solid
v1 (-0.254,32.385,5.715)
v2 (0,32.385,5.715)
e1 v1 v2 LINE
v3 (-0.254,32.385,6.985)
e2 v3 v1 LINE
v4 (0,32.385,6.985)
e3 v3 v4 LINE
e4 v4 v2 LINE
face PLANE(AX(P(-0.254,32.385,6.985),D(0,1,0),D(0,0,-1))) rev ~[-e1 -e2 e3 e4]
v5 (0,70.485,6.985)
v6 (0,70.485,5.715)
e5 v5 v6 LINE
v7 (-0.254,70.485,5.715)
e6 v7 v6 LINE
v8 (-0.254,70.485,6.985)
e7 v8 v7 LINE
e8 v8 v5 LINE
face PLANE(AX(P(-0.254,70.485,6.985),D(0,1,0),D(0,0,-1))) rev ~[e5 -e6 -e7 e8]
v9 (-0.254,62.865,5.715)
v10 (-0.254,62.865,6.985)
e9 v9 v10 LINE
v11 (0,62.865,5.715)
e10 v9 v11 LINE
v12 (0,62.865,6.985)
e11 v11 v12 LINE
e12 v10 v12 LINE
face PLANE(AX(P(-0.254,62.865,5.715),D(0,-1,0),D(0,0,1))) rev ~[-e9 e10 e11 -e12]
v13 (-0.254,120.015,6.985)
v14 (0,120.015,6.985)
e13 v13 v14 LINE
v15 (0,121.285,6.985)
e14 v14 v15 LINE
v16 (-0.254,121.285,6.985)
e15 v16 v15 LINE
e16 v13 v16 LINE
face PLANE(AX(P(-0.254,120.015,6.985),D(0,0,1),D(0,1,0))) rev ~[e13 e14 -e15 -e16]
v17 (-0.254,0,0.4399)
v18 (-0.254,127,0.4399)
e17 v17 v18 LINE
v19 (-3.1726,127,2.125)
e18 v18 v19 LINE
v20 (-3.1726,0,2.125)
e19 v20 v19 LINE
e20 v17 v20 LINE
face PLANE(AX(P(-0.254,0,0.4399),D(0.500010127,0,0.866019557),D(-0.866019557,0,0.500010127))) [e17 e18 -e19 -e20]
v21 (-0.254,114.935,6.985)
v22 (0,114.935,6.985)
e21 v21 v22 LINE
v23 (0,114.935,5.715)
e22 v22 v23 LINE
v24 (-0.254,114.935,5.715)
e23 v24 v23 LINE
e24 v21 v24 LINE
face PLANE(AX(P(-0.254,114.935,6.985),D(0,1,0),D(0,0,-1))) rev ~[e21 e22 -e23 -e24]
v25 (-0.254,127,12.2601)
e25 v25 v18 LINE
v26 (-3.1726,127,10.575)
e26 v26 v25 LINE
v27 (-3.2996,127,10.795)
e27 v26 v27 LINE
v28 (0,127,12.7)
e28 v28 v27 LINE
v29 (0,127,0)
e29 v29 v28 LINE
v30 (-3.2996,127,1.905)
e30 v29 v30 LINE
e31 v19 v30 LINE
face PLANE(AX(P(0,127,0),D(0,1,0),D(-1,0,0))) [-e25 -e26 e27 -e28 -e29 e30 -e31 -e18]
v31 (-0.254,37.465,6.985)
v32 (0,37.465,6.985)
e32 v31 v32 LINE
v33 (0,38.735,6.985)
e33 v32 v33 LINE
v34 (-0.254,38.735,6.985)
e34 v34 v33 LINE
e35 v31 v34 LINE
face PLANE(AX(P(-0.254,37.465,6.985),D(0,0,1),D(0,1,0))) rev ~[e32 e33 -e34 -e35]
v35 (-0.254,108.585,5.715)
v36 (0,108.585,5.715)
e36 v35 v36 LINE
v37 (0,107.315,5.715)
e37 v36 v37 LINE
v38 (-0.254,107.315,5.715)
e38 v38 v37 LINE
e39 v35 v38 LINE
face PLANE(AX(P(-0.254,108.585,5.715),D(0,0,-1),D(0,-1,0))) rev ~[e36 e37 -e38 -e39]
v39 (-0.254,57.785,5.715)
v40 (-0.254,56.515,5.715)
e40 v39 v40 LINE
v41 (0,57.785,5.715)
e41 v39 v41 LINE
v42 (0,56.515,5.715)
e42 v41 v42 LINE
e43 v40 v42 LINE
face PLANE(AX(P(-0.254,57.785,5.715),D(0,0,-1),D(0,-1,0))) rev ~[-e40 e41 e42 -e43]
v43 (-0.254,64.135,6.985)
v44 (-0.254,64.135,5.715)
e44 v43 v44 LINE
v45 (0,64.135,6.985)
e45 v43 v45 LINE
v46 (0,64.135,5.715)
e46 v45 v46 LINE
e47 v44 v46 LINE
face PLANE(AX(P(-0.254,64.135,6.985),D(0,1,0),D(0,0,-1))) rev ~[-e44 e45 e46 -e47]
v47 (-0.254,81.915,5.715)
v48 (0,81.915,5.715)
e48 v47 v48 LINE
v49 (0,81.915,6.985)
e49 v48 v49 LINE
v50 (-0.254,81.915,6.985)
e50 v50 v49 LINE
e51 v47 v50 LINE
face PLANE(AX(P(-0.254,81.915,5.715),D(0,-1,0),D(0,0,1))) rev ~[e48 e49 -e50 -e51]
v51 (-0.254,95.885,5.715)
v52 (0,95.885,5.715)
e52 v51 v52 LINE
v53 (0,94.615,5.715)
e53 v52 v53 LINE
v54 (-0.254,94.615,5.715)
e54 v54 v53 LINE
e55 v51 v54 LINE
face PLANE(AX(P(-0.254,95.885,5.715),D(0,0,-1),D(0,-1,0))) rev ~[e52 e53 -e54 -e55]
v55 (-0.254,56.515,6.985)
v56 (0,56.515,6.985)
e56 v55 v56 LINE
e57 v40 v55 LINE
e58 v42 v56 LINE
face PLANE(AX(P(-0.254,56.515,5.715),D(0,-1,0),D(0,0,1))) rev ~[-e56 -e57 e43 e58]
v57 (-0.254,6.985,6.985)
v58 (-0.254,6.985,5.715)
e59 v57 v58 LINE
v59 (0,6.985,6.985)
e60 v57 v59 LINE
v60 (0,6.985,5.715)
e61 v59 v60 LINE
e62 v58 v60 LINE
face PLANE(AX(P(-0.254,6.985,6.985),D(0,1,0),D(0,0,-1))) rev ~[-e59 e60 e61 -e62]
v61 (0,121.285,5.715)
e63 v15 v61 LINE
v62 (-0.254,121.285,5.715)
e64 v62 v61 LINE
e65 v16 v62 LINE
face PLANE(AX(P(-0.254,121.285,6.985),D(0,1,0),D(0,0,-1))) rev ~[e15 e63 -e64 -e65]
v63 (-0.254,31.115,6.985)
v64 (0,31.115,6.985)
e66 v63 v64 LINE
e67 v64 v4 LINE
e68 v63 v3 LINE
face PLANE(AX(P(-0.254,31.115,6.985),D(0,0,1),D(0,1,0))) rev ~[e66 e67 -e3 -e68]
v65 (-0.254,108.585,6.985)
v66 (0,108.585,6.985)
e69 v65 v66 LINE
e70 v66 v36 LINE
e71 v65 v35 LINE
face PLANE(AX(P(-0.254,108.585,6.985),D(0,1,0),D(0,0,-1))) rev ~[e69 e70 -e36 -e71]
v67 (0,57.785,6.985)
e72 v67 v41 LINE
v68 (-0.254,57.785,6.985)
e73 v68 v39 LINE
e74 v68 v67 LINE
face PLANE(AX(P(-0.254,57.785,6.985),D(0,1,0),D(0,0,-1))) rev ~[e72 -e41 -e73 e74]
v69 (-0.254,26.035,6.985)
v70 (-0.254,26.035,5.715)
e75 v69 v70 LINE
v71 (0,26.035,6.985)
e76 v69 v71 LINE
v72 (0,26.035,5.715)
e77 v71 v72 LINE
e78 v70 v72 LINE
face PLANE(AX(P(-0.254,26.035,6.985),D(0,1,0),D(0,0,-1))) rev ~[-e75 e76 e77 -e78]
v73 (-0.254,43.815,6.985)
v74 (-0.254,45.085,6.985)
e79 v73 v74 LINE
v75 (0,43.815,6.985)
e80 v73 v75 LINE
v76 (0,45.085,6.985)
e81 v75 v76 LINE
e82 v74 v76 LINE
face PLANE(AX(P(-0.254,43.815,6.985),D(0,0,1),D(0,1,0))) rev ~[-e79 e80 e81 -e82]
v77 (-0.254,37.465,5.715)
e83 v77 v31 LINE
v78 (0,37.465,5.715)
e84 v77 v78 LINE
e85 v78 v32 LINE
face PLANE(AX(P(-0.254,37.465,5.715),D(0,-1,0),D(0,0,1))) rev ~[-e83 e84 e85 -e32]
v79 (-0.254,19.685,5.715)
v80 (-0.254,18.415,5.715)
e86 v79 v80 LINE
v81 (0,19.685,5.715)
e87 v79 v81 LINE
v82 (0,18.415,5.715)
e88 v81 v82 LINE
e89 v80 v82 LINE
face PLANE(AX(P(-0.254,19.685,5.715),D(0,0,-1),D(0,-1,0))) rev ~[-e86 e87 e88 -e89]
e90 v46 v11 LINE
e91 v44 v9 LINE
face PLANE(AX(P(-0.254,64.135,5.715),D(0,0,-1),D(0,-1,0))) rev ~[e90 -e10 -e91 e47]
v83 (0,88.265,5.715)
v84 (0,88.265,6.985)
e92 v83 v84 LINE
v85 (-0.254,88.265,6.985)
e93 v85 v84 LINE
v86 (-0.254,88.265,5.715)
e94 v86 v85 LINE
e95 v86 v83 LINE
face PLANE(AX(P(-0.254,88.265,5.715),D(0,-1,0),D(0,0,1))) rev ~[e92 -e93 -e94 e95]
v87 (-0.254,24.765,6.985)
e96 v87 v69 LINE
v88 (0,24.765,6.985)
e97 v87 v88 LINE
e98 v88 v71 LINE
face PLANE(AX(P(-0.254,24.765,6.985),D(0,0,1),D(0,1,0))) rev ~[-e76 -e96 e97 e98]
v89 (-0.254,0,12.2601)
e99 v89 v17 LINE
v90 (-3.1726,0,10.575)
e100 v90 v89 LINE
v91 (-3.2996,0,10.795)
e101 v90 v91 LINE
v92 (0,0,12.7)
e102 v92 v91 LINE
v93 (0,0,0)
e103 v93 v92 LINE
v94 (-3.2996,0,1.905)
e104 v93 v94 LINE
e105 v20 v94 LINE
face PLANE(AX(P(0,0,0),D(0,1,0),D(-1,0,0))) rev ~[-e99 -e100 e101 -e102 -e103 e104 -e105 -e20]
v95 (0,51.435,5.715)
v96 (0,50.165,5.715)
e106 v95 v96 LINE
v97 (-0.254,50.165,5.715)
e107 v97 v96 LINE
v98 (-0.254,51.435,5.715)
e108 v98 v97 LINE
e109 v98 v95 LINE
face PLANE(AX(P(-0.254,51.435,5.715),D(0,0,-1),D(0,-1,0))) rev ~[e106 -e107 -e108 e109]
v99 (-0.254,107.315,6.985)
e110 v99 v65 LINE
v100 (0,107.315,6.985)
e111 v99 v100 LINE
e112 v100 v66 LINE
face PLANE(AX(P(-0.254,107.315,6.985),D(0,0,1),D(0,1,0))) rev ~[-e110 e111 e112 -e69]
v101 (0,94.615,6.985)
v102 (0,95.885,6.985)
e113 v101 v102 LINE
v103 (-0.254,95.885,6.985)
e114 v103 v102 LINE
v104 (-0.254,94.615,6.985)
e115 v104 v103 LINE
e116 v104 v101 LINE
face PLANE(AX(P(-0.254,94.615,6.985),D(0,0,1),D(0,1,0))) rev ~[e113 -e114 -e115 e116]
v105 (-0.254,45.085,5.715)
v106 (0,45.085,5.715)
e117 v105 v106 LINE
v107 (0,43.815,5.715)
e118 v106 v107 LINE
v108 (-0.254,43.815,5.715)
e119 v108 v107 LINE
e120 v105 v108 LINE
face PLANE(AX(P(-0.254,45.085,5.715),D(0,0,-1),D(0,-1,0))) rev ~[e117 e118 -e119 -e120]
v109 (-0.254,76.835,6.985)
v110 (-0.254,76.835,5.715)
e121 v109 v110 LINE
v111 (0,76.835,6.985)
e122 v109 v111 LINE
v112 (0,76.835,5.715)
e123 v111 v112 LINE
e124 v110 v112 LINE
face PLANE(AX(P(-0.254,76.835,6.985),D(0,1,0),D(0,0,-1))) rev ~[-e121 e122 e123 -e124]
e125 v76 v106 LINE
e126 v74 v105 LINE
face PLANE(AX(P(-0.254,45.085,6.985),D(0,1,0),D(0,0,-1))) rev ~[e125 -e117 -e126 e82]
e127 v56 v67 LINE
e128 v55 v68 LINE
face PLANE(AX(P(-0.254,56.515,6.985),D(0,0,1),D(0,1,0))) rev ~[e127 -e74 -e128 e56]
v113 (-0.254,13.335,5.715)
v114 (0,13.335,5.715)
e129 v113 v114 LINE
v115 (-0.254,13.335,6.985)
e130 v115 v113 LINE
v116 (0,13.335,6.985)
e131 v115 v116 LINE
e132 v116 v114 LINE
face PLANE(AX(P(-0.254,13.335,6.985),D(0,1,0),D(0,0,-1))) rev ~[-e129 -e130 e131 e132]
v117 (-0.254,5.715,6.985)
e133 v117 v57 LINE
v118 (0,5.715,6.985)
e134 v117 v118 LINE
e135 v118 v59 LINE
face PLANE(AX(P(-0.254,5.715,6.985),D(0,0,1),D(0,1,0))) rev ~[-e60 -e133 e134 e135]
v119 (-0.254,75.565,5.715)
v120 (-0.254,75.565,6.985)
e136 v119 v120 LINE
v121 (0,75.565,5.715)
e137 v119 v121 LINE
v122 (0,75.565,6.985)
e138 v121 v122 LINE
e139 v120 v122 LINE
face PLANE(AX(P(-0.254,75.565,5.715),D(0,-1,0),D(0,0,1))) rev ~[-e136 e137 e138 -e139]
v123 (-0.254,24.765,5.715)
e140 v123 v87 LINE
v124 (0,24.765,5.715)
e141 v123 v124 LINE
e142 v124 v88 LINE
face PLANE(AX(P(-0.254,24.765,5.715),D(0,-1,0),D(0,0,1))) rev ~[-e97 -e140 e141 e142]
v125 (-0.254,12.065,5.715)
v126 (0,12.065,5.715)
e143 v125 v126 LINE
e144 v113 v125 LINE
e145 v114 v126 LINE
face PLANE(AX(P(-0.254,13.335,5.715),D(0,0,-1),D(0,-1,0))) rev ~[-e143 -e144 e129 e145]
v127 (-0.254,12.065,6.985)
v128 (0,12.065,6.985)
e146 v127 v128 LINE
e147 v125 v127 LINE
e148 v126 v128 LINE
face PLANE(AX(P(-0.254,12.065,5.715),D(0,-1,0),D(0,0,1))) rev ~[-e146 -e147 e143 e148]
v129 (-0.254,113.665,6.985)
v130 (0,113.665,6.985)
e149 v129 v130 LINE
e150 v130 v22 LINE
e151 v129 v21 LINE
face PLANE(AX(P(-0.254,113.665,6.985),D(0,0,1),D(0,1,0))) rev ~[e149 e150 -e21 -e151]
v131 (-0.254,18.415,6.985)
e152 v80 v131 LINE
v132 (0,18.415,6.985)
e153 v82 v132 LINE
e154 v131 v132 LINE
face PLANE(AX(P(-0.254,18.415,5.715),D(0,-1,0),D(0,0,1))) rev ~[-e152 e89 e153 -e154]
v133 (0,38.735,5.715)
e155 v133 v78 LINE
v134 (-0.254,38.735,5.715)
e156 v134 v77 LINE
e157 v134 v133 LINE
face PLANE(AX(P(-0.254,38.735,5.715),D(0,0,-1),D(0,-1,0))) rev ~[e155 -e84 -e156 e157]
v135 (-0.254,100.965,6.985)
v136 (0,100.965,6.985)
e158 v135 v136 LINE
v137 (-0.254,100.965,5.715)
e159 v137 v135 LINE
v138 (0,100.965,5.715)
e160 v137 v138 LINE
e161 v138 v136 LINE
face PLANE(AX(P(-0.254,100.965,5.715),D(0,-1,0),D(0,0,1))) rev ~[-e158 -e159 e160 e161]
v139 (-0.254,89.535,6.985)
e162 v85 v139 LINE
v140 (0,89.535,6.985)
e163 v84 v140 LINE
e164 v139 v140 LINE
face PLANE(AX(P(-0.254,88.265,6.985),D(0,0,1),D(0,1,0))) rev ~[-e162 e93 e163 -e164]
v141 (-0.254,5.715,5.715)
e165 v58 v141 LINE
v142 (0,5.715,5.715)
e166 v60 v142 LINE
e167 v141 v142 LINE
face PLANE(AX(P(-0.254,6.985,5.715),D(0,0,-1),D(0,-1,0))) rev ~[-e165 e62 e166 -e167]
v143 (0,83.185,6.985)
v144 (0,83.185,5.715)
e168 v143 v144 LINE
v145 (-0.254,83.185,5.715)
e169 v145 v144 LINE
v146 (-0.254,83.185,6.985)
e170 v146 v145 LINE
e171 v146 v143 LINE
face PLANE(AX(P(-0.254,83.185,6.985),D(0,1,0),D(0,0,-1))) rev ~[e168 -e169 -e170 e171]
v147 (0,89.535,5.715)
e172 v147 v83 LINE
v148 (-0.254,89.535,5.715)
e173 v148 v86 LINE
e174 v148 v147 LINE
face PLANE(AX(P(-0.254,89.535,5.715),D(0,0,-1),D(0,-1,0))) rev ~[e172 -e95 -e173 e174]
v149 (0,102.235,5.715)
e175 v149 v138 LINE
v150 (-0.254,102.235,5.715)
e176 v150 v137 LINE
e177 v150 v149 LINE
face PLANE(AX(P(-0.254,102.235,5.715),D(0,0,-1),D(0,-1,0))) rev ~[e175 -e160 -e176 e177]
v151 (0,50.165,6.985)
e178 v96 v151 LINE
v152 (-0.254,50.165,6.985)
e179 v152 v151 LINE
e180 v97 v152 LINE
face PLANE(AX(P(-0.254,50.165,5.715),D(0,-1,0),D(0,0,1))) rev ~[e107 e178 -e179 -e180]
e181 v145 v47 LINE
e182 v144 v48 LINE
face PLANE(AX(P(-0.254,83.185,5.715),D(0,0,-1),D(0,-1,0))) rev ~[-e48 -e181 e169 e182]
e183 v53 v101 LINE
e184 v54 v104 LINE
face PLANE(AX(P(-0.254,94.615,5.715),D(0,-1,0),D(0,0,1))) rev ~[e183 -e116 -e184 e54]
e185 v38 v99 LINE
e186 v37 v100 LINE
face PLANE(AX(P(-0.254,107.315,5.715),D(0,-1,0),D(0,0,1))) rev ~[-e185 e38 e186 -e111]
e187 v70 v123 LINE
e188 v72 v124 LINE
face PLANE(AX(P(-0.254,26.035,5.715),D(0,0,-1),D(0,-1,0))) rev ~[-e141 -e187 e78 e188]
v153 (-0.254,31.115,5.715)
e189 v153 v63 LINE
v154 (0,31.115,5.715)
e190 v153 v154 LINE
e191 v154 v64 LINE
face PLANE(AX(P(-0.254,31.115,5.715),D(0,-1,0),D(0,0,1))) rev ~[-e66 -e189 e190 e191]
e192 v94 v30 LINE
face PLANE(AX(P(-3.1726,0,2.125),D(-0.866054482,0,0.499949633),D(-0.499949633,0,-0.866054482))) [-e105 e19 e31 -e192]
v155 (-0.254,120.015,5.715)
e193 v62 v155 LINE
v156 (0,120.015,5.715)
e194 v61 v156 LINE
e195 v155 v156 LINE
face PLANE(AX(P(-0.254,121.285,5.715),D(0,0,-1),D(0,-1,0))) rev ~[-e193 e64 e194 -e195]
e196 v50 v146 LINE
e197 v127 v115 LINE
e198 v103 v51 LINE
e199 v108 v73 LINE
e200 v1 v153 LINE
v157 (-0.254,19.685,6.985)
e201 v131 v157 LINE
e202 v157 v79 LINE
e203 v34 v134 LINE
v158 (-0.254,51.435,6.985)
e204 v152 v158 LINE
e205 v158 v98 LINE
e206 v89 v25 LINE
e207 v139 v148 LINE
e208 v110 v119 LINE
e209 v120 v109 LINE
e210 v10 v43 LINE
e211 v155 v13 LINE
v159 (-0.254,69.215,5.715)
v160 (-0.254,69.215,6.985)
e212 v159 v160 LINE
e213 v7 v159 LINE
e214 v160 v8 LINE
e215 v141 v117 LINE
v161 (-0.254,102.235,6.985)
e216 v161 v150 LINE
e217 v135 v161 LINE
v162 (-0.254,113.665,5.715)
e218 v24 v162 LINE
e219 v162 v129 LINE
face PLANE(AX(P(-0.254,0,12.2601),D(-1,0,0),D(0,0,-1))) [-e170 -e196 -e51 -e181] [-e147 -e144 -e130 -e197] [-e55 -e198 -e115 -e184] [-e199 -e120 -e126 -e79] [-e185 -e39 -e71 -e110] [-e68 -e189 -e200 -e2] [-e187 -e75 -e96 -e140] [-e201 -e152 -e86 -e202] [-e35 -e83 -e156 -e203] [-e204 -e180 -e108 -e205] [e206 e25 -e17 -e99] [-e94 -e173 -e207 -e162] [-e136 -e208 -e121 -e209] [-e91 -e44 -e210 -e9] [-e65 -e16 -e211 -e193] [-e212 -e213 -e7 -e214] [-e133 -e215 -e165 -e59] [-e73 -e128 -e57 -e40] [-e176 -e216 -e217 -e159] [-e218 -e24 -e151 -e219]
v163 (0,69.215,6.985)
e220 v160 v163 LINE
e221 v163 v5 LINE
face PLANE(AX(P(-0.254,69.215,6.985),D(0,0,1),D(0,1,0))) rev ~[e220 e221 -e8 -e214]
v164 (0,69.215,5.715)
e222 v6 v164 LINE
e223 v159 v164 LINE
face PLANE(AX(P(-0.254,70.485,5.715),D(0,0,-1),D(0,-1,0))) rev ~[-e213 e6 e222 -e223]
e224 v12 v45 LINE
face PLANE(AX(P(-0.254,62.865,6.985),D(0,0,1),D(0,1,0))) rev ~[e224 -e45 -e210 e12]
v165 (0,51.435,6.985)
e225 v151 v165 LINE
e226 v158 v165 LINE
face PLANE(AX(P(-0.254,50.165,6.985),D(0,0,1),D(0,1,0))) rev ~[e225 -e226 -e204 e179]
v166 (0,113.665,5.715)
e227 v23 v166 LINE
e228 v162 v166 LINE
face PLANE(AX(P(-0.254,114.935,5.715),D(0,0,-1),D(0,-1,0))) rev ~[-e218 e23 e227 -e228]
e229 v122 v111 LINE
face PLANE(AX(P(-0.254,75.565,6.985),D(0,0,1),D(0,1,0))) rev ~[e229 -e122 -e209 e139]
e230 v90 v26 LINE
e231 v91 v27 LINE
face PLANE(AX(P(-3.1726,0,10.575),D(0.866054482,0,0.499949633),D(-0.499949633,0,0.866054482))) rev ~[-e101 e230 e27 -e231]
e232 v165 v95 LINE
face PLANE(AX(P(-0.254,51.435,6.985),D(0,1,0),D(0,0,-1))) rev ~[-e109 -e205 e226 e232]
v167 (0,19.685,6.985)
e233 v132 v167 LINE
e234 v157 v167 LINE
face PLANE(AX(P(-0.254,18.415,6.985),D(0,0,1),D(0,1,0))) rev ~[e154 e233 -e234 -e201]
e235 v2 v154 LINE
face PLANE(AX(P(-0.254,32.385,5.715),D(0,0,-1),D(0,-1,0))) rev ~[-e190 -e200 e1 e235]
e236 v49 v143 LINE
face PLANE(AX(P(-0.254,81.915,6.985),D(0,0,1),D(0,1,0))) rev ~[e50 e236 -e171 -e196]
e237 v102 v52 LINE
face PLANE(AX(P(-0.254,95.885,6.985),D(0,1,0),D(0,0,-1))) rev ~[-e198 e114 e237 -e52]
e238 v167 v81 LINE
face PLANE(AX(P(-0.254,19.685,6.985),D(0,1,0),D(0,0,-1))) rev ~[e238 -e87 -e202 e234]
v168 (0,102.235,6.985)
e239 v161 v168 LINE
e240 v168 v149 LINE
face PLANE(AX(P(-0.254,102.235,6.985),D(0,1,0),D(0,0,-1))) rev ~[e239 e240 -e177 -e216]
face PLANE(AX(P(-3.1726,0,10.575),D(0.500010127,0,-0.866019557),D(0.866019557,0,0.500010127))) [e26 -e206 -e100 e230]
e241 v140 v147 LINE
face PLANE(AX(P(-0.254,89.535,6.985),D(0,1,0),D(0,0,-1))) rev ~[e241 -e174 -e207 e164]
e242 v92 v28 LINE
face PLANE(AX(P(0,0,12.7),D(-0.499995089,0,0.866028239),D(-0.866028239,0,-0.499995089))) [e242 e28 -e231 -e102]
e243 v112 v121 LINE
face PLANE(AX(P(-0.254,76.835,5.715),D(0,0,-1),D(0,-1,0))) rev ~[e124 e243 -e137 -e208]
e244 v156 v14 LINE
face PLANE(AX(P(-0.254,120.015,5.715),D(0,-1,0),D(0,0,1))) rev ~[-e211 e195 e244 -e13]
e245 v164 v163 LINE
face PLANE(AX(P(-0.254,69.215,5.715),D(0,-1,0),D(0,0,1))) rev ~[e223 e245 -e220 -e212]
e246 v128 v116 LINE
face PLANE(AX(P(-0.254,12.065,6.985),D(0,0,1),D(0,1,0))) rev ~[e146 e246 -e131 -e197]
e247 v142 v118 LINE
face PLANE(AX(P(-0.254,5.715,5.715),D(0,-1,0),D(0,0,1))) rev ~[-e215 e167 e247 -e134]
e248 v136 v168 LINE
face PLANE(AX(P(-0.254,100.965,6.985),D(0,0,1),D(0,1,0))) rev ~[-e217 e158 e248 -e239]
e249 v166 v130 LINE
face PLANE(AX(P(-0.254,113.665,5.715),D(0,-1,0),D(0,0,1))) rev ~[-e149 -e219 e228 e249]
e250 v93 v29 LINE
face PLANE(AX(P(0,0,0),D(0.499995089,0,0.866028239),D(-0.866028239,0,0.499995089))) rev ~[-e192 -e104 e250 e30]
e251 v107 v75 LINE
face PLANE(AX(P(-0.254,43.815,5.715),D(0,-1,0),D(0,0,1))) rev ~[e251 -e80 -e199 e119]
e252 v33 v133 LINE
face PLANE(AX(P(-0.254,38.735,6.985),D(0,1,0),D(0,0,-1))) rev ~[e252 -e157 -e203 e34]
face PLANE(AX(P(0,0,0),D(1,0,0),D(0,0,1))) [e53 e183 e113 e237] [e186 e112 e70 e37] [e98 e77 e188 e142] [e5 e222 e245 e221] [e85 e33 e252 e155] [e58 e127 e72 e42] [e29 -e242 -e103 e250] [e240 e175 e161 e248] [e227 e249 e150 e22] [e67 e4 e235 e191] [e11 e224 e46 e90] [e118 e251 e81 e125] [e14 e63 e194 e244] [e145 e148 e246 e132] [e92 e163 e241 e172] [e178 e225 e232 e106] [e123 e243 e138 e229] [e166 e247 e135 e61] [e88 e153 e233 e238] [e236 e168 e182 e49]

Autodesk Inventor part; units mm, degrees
ref_plane "YZ Plane" through (0, 0, 0) normal (1, 0, 0) x (0, 1, 0)
ref_plane "XZ Plane" through (0, 0, 0) normal (0, 1, 0) x (-1, 0, 0)
ref_plane "XY Plane" through (0, 0, 0) normal (0, 0, 1) x (1, 0, 0)
sketch "Sketch1" plane through (0, 0, 0) normal (0, 1, 0) x (-1, 0, 0)
  line L0 (0, 0) -> (0, 12.7)
  line L1 (0, 12.7) -> (3.2996, 10.795)
  line L2 (0, 0) -> (3.2996, 1.905)
  line L3 (0, 0) -> (3.81, 0) construction
  line L4 (3.1726, 10.575) -> (0.254, 12.2601)
  line L5 (0.254, 12.2601) -> (0.254, 0.4399)
  line L6 (0.254, 0.4399) -> (3.1726, 2.125)
  line L7 (3.1726, 10.575) -> (3.2996, 10.795)
  line L8 (3.1726, 2.125) -> (3.2996, 1.905)
  dimension "d0" = 12.7
  dimension "d1" = 3.81
  dimension "d2" = 60
  dimension "d3" = 30
  dimension "d4" = 0.254
extrude "Extrusion1" add sketch "Sketch1" along normal blind 127
sketch "Sketch2" plane through (-0.254, 0, 0.4399) normal (-1, 0, 0) x (0, 0, 1)
  line L0 (5.2751, 5.715) -> (6.5451, 5.715)
  line L1 (6.5451, 5.715) -> (6.5451, 6.985)
  line L2 (6.5451, 6.985) -> (5.2751, 6.985)
  line L3 (5.2751, 6.985) -> (5.2751, 5.715)
  line L4 (5.2751, 5.715) -> (6.5451, 6.985) construction
  line L5 (6.5451, 5.715) -> (5.2751, 6.985) construction
  line L6 (6.5451, 12.065) -> (6.5451, 13.335)
  line L7 (6.5451, 13.335) -> (5.2751, 13.335)
  line L8 (5.2751, 13.335) -> (5.2751, 12.065)
  line L9 (5.2751, 12.065) -> (6.5451, 12.065)
  line L10 (6.5451, 18.415) -> (6.5451, 19.685)
  line L11 (6.5451, 19.685) -> (5.2751, 19.685)
  line L12 (5.2751, 19.685) -> (5.2751, 18.415)
  line L13 (5.2751, 18.415) -> (6.5451, 18.415)
  line L14 (6.5451, 24.765) -> (6.5451, 26.035)
  line L15 (6.5451, 26.035) -> (5.2751, 26.035)
  line L16 (5.2751, 26.035) -> (5.2751, 24.765)
  line L17 (5.2751, 24.765) -> (6.5451, 24.765)
  line L18 (6.5451, 31.115) -> (6.5451, 32.385)
  line L19 (6.5451, 32.385) -> (5.2751, 32.385)
  line L20 (5.2751, 32.385) -> (5.2751, 31.115)
  line L21 (5.2751, 31.115) -> (6.5451, 31.115)
  line L22 (6.5451, 37.465) -> (6.5451, 38.735)
  line L23 (6.5451, 38.735) -> (5.2751, 38.735)
  line L24 (5.2751, 38.735) -> (5.2751, 37.465)
  line L25 (5.2751, 37.465) -> (6.5451, 37.465)
  line L26 (6.5451, 43.815) -> (6.5451, 45.085)
  line L27 (6.5451, 45.085) -> (5.2751, 45.085)
  line L28 (5.2751, 45.085) -> (5.2751, 43.815)
  line L29 (5.2751, 43.815) -> (6.5451, 43.815)
  line L30 (6.5451, 50.165) -> (6.5451, 51.435)
  line L31 (6.5451, 51.435) -> (5.2751, 51.435)
  line L32 (5.2751, 51.435) -> (5.2751, 50.165)
  line L33 (5.2751, 50.165) -> (6.5451, 50.165)
  line L34 (6.5451, 56.515) -> (6.5451, 57.785)
  line L35 (6.5451, 57.785) -> (5.2751, 57.785)
  line L36 (5.2751, 57.785) -> (5.2751, 56.515)
  line L37 (5.2751, 56.515) -> (6.5451, 56.515)
  line L38 (6.5451, 62.865) -> (6.5451, 64.135)
  line L39 (6.5451, 64.135) -> (5.2751, 64.135)
  line L40 (5.2751, 64.135) -> (5.2751, 62.865)
  line L41 (5.2751, 62.865) -> (6.5451, 62.865)
  line L42 (6.5451, 69.215) -> (6.5451, 70.485)
  line L43 (6.5451, 70.485) -> (5.2751, 70.485)
  line L44 (5.2751, 70.485) -> (5.2751, 69.215)
  line L45 (5.2751, 69.215) -> (6.5451, 69.215)
  line L46 (6.5451, 75.565) -> (6.5451, 76.835)
  line L47 (6.5451, 76.835) -> (5.2751, 76.835)
  line L48 (5.2751, 76.835) -> (5.2751, 75.565)
  line L49 (5.2751, 75.565) -> (6.5451, 75.565)
  line L50 (6.5451, 81.915) -> (6.5451, 83.185)
  line L51 (6.5451, 83.185) -> (5.2751, 83.185)
  line L52 (5.2751, 83.185) -> (5.2751, 81.915)
  line L53 (5.2751, 81.915) -> (6.5451, 81.915)
  line L54 (6.5451, 88.265) -> (6.5451, 89.535)
  line L55 (6.5451, 89.535) -> (5.2751, 89.535)
  line L56 (5.2751, 89.535) -> (5.2751, 88.265)
  line L57 (5.2751, 88.265) -> (6.5451, 88.265)
  line L58 (6.5451, 94.615) -> (6.5451, 95.885)
  line L59 (6.5451, 95.885) -> (5.2751, 95.885)
  line L60 (5.2751, 95.885) -> (5.2751, 94.615)
  line L61 (5.2751, 94.615) -> (6.5451, 94.615)
  line L62 (6.5451, 100.965) -> (6.5451, 102.235)
  line L63 (6.5451, 102.235) -> (5.2751, 102.235)
  line L64 (5.2751, 102.235) -> (5.2751, 100.965)
  line L65 (5.2751, 100.965) -> (6.5451, 100.965)
  line L66 (6.5451, 107.315) -> (6.5451, 108.585)
  line L67 (6.5451, 108.585) -> (5.2751, 108.585)
  line L68 (5.2751, 108.585) -> (5.2751, 107.315)
  line L69 (5.2751, 107.315) -> (6.5451, 107.315)
  line L70 (6.5451, 113.665) -> (6.5451, 114.935)
  line L71 (6.5451, 114.935) -> (5.2751, 114.935)
  line L72 (5.2751, 114.935) -> (5.2751, 113.665)
  line L73 (5.2751, 113.665) -> (6.5451, 113.665)
  line L74 (6.5451, 120.015) -> (6.5451, 121.285)
  line L75 (6.5451, 121.285) -> (5.2751, 121.285)
  line L76 (5.2751, 121.285) -> (5.2751, 120.015)
  line L77 (5.2751, 120.015) -> (6.5451, 120.015)
  point P0 (-0.4399, 0)
  point P1 (5.9101, 6.35)
  dimension "d7" = 1.27
  dimension "d8" = 1.27
  dimension "d14" = 6.35
extrude "Extrusion2" cut sketch "Sketch2" against normal blind 0.254
properties part number "Thing1"
